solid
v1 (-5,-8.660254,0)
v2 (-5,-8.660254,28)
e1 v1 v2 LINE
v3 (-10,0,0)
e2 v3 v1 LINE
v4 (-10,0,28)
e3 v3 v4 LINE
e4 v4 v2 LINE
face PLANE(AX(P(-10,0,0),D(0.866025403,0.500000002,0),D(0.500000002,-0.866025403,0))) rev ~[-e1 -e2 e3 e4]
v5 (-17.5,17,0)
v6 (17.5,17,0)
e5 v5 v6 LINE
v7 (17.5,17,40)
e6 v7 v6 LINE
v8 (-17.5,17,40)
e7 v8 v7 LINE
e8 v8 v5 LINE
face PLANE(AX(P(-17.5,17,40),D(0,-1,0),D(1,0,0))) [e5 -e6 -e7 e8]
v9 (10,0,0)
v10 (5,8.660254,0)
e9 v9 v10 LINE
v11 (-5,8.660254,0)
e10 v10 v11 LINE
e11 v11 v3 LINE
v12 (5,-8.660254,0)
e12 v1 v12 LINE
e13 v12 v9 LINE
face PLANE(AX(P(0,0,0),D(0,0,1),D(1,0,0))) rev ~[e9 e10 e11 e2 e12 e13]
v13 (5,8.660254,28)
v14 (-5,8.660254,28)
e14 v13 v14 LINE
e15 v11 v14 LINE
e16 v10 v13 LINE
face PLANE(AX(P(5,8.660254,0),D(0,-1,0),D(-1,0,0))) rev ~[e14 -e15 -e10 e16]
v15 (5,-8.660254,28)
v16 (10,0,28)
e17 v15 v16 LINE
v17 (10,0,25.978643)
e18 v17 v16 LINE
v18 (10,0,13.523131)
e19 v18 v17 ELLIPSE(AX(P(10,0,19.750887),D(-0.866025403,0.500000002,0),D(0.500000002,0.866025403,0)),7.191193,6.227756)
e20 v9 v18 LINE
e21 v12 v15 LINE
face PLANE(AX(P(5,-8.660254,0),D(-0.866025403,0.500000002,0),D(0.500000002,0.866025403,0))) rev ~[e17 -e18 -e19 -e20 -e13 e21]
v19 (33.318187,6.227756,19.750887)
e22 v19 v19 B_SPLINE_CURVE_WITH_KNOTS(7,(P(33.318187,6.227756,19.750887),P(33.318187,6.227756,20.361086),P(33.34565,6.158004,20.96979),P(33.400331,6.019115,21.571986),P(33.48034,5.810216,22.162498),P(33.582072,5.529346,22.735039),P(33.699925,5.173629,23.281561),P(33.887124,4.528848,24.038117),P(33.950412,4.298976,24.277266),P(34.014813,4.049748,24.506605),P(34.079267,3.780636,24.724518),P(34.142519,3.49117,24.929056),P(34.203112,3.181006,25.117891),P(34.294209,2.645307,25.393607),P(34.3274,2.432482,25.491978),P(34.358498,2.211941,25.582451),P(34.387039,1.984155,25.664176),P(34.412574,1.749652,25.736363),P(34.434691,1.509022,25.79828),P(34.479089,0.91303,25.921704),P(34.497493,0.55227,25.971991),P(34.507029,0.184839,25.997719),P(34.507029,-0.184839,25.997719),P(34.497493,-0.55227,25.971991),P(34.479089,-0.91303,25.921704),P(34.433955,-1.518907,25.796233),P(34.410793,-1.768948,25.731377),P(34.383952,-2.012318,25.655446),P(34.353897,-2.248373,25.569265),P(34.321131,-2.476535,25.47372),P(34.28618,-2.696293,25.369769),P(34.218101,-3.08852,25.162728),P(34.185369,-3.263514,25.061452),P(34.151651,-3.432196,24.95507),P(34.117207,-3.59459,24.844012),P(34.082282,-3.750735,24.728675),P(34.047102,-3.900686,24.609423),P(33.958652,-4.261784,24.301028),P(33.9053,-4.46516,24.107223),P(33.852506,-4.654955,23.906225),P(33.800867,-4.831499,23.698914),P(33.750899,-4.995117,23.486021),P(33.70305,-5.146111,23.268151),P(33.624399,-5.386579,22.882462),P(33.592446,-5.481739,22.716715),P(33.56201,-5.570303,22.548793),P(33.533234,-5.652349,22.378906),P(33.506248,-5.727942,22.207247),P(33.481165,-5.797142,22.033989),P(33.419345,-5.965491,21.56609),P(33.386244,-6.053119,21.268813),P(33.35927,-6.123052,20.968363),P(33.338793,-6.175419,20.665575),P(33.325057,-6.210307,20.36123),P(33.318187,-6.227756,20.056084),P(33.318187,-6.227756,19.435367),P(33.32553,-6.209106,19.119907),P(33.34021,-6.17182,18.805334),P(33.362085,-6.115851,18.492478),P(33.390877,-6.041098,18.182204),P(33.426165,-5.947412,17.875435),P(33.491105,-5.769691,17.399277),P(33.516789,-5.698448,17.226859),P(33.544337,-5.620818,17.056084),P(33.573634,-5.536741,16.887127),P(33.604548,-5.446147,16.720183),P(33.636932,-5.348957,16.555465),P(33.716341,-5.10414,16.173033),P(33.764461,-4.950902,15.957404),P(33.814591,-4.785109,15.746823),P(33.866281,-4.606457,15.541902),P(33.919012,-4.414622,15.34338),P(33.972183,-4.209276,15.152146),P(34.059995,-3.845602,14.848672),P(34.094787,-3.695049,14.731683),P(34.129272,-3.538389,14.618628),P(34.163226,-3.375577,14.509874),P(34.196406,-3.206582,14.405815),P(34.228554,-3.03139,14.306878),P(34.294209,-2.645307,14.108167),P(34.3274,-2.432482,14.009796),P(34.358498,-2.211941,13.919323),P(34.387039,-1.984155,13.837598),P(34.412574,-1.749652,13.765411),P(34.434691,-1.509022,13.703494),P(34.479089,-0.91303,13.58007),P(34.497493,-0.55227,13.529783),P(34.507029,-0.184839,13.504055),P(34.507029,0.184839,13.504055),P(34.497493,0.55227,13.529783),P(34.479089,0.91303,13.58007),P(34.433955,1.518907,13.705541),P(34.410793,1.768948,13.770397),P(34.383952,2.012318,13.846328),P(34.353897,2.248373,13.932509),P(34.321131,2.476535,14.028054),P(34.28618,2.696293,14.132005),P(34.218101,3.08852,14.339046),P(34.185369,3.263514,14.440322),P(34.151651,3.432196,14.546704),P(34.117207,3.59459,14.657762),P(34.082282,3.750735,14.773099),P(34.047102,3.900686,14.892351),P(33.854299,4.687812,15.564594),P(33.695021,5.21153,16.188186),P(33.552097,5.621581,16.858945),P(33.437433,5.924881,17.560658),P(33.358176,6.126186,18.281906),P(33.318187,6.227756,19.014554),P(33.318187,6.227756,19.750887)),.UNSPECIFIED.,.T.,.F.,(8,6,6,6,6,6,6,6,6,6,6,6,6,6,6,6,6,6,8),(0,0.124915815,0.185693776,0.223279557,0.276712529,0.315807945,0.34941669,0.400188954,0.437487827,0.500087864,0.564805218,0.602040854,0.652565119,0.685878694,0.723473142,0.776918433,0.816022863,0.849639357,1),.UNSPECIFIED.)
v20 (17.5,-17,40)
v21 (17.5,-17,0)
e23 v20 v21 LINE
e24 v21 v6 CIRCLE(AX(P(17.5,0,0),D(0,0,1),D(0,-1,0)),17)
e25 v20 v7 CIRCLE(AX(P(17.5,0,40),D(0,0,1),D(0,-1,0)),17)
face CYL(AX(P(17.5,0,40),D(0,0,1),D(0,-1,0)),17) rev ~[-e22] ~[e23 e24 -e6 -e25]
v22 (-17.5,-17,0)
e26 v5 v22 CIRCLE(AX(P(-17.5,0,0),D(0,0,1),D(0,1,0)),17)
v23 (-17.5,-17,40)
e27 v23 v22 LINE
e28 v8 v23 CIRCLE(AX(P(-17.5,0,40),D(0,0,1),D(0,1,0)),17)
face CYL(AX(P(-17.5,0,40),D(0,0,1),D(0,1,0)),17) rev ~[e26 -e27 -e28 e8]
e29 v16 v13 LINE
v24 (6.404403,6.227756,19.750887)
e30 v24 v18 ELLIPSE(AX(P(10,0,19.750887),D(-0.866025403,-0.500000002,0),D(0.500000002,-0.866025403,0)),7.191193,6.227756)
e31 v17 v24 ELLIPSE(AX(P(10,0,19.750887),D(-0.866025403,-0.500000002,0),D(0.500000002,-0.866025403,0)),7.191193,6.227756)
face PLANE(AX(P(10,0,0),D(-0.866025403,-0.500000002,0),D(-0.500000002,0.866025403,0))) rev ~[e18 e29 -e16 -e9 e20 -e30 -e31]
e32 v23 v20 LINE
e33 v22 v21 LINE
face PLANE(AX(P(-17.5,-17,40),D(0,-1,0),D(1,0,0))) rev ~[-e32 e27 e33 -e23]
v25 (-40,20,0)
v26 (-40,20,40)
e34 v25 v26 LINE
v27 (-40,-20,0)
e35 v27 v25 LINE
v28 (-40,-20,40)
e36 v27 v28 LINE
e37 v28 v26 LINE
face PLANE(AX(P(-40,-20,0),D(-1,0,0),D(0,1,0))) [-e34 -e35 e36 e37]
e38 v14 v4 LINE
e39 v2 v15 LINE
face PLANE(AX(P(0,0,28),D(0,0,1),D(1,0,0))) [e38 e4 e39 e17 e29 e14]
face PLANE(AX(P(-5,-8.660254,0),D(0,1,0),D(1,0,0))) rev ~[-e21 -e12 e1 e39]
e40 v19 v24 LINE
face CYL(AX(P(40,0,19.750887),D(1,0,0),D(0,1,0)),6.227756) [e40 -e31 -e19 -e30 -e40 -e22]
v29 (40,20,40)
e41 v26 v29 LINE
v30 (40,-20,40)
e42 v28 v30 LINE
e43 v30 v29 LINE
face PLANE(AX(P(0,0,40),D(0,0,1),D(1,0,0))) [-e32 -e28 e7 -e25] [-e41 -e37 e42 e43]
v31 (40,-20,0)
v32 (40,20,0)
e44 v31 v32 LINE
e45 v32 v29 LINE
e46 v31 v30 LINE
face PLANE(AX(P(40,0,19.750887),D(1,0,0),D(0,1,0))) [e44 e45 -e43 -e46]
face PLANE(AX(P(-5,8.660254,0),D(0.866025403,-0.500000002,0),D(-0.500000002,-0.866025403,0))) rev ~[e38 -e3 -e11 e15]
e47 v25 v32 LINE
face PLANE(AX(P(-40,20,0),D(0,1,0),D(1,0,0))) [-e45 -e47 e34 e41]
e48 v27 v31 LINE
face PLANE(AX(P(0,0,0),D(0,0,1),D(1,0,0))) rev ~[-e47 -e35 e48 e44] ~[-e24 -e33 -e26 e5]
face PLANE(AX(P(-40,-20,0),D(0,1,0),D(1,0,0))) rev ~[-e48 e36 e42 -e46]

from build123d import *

# Parameters (mm, degrees)
SKETCH_W     = 80
SKETCH_H     = 40
PAD_DEPTH    = 40
POCKET_DEPTH = 40.001
SKETCH002_R  = 6.227756
PAD001_DEPTH = 40
PAD002_DEPTH = 28


with BuildPart() as part:
    # Sketch → Pad (new body)
    with BuildSketch(Plane.XY):
        Rectangle(SKETCH_W, SKETCH_H)
    extrude(amount=PAD_DEPTH)

    # Sketch001 (on Face6 of Pad) → Pocket (cut, through all)
    with BuildSketch(Plane.XY.offset(40)):
        with BuildLine():
            ThreePointArc((-17.5, 17), (-34.5, 0), (-17.5, -17))
            Line((-17.5, -17), (17.5, -17))
            ThreePointArc((17.5, -17), (34.5, 0), (17.5, 17))
            Line((-17.5, 17), (17.5, 17))
        make_face()
    extrude(amount=-POCKET_DEPTH, mode=Mode.SUBTRACT)

    # Sketch002 (on Face3 of Pocket) → Pad001 (join)
    with BuildSketch(Plane.YZ.offset(40)):
        with Locations((0, 19.750887)):
            Circle(SKETCH002_R)
    extrude(amount=-PAD001_DEPTH)

    # Sketch003 → Pad002 (join)
    with BuildSketch(Plane.XY):
        Polygon((10, 0), (5, 8.660254), (-5, 8.660254), (-10, 0), (-5, -8.660254), (5, -8.660254), align=None)
    extrude(amount=PAD002_DEPTH)


solid = part.part
